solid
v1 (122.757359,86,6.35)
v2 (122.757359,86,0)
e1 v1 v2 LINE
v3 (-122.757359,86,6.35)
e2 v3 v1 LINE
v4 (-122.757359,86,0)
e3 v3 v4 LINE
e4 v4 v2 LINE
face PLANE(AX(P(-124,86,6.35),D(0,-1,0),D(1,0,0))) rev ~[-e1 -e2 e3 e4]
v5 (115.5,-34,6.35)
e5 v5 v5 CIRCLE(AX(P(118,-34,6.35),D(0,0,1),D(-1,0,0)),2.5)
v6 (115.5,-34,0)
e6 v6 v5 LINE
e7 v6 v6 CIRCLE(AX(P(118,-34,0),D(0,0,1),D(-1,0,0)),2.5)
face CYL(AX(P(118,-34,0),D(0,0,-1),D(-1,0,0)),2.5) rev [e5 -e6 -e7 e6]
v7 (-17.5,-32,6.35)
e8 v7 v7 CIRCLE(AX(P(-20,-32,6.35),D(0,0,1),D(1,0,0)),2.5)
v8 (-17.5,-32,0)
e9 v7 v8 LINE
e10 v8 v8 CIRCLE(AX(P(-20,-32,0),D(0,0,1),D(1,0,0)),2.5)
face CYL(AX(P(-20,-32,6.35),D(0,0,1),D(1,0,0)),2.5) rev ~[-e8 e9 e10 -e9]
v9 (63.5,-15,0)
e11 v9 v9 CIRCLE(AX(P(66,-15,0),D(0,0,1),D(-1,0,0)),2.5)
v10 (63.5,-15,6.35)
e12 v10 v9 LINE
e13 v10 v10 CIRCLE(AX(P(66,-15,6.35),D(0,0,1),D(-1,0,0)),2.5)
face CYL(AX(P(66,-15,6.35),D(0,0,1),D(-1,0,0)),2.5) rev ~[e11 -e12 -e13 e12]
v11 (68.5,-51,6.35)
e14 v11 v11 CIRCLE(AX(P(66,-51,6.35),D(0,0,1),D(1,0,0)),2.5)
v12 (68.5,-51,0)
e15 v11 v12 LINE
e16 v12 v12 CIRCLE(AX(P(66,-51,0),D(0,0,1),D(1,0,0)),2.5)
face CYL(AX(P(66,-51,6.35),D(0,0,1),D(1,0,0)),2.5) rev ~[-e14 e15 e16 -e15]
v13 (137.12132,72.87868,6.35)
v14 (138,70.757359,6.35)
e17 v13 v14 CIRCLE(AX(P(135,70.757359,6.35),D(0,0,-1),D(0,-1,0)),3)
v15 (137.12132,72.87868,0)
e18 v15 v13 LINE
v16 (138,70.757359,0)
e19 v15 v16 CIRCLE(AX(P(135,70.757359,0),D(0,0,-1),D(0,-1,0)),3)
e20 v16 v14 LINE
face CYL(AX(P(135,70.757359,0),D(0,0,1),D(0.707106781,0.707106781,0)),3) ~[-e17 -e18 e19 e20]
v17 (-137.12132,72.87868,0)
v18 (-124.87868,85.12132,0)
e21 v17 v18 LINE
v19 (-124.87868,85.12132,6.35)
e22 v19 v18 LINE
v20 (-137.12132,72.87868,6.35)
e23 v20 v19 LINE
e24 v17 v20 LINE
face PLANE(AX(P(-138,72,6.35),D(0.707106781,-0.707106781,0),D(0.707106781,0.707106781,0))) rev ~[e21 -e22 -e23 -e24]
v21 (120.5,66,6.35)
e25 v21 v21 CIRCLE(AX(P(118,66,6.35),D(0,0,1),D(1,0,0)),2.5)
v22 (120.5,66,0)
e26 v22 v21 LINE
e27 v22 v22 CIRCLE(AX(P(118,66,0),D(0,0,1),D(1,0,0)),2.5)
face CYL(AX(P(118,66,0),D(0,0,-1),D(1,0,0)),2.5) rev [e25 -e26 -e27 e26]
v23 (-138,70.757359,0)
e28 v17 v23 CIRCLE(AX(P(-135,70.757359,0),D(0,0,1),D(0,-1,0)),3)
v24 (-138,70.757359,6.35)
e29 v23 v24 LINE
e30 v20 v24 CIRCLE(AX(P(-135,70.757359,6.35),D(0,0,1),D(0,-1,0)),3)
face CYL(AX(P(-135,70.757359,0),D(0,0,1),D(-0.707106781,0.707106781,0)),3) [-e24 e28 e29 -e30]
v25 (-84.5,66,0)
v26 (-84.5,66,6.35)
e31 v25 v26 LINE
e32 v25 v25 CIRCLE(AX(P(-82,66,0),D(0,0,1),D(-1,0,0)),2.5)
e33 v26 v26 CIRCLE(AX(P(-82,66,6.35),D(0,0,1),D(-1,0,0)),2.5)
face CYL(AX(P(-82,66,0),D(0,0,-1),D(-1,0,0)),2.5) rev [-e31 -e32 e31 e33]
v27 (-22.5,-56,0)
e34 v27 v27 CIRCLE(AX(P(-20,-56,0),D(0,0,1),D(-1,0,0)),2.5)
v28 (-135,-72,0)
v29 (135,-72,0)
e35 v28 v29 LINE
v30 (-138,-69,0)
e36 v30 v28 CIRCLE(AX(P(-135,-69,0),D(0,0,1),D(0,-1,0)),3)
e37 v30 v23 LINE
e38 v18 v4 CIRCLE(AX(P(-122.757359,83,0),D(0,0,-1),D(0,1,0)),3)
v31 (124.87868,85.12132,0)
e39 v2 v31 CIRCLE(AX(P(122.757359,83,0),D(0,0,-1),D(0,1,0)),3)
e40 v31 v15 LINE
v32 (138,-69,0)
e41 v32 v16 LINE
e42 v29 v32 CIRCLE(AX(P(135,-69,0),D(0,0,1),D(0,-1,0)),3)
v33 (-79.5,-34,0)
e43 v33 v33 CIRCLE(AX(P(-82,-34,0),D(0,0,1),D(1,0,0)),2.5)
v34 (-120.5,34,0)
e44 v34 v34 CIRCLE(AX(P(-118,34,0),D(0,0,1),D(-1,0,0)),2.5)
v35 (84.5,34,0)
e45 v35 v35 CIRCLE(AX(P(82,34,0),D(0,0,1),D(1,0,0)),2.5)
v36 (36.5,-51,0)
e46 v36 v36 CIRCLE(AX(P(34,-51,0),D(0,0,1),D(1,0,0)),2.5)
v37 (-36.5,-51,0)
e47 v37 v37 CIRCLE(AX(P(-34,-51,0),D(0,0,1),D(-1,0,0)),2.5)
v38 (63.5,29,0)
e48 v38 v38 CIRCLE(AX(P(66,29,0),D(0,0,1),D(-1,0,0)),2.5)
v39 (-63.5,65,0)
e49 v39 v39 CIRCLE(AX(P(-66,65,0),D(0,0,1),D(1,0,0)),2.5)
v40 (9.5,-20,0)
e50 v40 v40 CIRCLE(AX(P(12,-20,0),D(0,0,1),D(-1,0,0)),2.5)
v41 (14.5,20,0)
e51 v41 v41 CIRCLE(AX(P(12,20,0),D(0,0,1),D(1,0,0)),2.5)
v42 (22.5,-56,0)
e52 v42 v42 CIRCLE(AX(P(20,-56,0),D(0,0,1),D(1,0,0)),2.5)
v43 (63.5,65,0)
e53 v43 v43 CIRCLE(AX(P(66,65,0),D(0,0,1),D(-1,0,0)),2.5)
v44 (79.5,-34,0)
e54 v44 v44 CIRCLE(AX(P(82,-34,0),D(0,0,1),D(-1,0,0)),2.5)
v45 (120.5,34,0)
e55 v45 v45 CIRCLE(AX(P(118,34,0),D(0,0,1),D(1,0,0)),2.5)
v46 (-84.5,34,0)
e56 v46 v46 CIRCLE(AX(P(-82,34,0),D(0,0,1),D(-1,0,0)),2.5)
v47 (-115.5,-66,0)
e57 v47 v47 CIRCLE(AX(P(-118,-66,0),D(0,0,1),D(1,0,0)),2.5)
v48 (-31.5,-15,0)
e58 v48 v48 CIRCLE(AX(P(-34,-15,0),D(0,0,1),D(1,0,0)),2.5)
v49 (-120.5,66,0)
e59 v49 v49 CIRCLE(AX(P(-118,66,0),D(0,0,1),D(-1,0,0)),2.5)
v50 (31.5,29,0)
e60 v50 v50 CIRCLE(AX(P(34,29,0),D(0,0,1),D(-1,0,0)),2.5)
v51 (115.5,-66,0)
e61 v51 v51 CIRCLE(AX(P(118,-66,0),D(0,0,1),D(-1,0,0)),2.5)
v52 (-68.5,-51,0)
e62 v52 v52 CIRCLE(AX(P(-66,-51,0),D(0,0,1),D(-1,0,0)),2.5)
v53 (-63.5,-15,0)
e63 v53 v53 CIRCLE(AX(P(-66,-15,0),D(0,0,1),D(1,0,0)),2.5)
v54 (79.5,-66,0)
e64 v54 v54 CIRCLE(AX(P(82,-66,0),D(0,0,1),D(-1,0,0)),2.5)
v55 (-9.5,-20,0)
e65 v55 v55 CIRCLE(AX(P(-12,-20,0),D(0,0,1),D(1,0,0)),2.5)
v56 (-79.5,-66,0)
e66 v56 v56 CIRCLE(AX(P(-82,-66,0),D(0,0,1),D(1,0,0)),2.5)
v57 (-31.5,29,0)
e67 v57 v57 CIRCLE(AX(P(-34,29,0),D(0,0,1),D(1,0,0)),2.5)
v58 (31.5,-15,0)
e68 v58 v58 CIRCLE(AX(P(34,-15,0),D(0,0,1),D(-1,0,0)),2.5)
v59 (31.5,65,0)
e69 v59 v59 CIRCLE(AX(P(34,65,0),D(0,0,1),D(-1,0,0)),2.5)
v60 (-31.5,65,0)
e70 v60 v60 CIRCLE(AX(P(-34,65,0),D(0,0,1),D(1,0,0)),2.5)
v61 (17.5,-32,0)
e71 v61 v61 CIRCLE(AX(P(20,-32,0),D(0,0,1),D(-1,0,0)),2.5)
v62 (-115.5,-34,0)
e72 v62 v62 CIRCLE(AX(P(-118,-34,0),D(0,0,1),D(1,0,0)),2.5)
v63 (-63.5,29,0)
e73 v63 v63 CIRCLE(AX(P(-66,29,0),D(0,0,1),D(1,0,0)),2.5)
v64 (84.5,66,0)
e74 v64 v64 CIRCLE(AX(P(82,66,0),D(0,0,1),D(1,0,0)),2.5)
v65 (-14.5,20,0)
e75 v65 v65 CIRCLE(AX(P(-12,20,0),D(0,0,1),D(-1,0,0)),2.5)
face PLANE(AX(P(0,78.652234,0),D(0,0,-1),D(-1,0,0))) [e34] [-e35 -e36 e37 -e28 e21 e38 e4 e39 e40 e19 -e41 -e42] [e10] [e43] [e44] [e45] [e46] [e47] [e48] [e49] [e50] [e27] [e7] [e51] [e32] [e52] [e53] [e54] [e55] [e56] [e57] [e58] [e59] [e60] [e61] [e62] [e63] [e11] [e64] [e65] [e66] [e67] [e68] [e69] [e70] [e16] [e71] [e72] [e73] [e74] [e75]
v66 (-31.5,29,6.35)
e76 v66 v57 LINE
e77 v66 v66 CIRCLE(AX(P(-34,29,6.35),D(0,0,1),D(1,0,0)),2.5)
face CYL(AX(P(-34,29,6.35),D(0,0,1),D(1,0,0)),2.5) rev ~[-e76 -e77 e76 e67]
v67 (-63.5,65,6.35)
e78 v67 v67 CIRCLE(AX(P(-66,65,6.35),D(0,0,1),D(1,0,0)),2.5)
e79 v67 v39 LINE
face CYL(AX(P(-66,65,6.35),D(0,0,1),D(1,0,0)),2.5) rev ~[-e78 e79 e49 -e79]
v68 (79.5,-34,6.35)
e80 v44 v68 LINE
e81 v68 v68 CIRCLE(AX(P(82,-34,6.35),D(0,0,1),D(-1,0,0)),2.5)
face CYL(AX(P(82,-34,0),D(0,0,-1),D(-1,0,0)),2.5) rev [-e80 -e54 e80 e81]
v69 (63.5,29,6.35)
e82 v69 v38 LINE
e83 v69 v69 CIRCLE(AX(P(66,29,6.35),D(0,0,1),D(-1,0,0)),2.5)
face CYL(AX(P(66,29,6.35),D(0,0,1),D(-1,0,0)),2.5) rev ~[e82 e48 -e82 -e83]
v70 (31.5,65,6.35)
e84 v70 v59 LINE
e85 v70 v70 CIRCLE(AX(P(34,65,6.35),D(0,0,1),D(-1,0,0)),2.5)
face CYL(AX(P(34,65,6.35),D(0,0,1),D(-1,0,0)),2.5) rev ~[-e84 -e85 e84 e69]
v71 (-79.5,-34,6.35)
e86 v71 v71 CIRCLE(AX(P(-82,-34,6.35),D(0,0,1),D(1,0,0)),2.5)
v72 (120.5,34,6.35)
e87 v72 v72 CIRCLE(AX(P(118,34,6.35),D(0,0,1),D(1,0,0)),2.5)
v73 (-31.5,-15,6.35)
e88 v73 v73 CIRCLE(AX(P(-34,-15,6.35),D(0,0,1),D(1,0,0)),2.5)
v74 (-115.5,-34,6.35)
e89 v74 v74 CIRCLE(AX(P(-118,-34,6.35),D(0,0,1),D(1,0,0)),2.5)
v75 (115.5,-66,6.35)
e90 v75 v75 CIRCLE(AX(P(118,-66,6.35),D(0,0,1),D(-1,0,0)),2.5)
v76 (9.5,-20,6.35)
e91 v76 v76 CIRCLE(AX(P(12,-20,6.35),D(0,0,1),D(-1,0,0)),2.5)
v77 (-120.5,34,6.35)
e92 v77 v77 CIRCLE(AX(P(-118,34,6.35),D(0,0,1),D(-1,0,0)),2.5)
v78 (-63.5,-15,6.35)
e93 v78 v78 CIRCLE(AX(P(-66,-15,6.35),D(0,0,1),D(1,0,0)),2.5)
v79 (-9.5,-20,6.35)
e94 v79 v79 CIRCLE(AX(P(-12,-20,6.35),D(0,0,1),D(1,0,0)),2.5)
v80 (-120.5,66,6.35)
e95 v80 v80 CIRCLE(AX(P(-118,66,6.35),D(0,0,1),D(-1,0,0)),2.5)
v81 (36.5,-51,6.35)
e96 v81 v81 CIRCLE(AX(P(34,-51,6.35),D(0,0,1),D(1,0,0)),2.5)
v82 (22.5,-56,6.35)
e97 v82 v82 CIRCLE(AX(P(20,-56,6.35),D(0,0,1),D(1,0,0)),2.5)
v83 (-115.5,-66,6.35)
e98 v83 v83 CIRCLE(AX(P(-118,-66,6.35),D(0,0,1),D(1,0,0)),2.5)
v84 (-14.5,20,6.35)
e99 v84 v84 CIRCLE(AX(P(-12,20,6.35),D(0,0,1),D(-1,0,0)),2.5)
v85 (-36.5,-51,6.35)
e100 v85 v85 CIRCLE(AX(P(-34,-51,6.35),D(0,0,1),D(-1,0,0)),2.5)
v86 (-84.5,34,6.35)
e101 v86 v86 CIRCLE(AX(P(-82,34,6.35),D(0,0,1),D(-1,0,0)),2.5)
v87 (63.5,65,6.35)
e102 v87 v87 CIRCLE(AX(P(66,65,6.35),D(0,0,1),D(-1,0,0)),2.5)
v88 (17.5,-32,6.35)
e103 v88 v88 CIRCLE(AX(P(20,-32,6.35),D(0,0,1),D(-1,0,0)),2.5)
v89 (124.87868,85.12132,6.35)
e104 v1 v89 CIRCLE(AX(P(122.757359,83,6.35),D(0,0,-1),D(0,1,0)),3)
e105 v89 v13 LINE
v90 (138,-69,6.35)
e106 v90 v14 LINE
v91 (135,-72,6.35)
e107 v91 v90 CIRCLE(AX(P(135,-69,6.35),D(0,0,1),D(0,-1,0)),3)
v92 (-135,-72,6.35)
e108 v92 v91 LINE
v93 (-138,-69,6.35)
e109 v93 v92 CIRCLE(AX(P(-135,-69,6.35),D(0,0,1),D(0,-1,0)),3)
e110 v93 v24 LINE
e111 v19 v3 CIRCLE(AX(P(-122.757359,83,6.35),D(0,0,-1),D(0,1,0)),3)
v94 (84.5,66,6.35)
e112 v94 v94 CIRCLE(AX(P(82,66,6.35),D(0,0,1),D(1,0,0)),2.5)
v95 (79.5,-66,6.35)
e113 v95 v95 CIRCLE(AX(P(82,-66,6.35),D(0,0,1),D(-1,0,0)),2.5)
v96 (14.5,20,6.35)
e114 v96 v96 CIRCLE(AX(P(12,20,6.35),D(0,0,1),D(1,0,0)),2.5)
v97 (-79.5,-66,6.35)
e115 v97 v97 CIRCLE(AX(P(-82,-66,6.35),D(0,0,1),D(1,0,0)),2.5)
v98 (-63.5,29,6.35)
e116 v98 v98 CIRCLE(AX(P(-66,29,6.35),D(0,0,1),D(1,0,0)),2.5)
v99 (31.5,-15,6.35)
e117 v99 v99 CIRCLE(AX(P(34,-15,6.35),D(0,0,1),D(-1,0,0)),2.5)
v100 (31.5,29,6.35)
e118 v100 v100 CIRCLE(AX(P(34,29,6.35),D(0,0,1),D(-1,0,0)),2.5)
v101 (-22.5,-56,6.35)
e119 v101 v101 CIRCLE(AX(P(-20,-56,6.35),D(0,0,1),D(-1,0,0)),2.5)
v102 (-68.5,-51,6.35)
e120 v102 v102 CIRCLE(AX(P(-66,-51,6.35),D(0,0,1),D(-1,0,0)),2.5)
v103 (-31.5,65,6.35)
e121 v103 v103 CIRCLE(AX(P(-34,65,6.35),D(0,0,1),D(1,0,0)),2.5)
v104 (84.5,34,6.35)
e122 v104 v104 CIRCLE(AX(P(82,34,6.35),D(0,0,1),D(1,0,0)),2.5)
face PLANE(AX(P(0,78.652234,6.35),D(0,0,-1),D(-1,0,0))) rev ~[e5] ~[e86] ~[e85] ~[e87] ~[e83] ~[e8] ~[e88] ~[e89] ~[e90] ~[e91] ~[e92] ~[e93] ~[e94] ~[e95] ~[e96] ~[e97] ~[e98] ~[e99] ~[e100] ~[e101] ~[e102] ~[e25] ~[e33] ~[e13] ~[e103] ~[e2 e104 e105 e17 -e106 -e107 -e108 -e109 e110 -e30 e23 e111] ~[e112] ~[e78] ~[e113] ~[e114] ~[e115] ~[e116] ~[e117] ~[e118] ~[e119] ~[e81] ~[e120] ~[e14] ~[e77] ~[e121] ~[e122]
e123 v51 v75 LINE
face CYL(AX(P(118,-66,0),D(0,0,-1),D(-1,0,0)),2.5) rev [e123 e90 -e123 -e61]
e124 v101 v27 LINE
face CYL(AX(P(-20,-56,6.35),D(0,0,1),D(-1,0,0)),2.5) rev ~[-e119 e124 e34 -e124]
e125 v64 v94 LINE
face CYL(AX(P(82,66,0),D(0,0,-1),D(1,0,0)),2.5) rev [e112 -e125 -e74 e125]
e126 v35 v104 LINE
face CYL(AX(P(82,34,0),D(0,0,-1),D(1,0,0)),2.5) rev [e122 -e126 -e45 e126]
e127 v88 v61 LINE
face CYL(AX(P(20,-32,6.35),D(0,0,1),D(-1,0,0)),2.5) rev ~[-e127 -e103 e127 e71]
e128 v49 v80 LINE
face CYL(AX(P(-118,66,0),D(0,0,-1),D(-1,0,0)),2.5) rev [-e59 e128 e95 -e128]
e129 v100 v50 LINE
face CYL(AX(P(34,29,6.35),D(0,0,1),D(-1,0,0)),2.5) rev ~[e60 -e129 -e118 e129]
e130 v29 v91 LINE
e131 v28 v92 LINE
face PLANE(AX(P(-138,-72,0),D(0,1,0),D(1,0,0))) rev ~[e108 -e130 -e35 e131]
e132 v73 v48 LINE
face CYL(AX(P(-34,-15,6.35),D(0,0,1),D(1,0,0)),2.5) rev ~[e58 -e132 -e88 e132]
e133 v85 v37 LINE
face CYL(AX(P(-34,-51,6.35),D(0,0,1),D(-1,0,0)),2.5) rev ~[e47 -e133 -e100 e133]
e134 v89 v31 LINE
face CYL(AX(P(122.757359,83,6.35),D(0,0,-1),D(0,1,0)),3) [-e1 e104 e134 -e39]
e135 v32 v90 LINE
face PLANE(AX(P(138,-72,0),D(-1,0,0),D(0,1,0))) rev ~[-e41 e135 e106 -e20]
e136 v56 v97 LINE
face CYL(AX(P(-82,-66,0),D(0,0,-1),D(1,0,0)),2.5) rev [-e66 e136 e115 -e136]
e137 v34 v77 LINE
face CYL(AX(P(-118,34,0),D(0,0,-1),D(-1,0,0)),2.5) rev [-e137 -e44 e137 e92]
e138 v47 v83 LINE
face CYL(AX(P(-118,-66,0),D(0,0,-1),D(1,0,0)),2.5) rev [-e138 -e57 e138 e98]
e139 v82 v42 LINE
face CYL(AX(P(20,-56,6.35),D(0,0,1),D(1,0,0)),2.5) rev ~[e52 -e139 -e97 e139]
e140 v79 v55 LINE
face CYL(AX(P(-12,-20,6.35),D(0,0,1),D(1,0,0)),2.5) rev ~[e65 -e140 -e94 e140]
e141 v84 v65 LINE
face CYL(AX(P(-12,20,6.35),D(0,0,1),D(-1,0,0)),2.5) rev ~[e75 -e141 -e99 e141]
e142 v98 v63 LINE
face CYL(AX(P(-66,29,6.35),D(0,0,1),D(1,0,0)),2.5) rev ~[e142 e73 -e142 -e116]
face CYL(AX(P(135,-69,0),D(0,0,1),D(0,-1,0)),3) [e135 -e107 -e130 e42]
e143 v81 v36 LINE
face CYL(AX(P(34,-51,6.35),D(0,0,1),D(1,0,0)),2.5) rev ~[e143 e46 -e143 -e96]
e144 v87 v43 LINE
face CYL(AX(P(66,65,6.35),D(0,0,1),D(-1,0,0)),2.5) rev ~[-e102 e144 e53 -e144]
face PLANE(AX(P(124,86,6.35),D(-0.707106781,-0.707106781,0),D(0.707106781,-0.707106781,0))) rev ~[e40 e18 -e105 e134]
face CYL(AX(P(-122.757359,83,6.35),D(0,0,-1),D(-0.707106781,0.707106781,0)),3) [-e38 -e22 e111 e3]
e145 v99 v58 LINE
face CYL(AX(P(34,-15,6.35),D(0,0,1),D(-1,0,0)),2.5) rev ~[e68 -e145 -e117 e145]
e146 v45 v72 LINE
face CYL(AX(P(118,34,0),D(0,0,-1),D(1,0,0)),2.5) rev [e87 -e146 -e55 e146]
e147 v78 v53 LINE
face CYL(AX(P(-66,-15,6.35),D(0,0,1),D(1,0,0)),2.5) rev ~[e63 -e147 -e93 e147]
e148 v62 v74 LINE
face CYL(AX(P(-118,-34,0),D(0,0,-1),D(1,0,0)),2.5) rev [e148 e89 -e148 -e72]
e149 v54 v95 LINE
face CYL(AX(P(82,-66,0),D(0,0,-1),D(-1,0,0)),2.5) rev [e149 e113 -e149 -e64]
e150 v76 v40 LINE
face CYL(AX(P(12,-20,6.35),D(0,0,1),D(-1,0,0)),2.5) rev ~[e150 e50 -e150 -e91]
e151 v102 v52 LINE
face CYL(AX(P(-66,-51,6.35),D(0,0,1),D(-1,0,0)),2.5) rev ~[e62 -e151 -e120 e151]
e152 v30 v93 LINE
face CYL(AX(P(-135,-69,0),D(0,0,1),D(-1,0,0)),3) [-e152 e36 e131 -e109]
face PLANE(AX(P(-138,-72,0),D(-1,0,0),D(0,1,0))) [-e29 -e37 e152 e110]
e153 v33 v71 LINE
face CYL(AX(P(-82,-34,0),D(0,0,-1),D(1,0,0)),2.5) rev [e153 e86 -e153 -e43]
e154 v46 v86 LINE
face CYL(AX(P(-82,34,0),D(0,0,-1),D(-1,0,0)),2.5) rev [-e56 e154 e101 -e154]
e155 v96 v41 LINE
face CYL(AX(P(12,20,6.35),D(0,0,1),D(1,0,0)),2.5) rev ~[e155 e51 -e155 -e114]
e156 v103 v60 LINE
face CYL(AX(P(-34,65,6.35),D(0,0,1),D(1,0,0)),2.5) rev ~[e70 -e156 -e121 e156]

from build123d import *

# Parameters (mm, degrees)
SKETCH1_W           = 276
SKETCH1_H           = 144
SKETCH1_R           = 2.5
BOSS_EXTRUDE1_DEPTH = 6.35
SKETCH2_R           = 2.5
CUT_EXTRUDE1_DEPTH  = 156.782933918
BOSS_EXTRUDE2_DEPTH = 6.35
SKETCH4_R           = 2.5
CUT_EXTRUDE2_DEPTH  = 163.727755776
FILLET1_R           = 3
SKETCH5_R           = 2.5
CUT_EXTRUDE3_DEPTH  = 163.727755776
SKETCH6_R           = 2.5
CUT_EXTRUDE4_DEPTH  = 163.727755776


with BuildPart() as part:
    # Sketch1 → Boss-Extrude1 (new body)
    with BuildSketch(Plane.XY):
        Rectangle(SKETCH1_W, SKETCH1_H)
        with Locations((-118, -66)):
            Circle(SKETCH1_R, mode=Mode.SUBTRACT)
        with Locations((-82, -66)):
            Circle(SKETCH1_R, mode=Mode.SUBTRACT)
        with Locations((-82, -34)):
            Circle(SKETCH1_R, mode=Mode.SUBTRACT)
        with Locations((-118, -34)):
            Circle(SKETCH1_R, mode=Mode.SUBTRACT)
        with Locations(Location((-118, 66, 0), (0, 0, 180))):
            Circle(SKETCH1_R, mode=Mode.SUBTRACT)
        with Locations(Location((-82, 66, 0), (0, 0, 180))):
            Circle(SKETCH1_R, mode=Mode.SUBTRACT)
        with Locations(Location((-82, 34, 0), (0, 0, 180))):
            Circle(SKETCH1_R, mode=Mode.SUBTRACT)
        with Locations(Location((-118, 34, 0), (0, 0, 180))):
            Circle(SKETCH1_R, mode=Mode.SUBTRACT)
        with Locations(Location((118, -66, 0), (0, 0, 180))):
            Circle(SKETCH1_R, mode=Mode.SUBTRACT)
        with Locations(Location((82, -66, 0), (0, 0, 180))):
            Circle(SKETCH1_R, mode=Mode.SUBTRACT)
        with Locations(Location((82, -34, 0), (0, 0, 180))):
            Circle(SKETCH1_R, mode=Mode.SUBTRACT)
        with Locations(Location((118, -34, 0), (0, 0, 180))):
            Circle(SKETCH1_R, mode=Mode.SUBTRACT)
        with Locations((118, 34)):
            Circle(SKETCH1_R, mode=Mode.SUBTRACT)
        with Locations((82, 34)):
            Circle(SKETCH1_R, mode=Mode.SUBTRACT)
        with Locations((82, 66)):
            Circle(SKETCH1_R, mode=Mode.SUBTRACT)
        with Locations((118, 66)):
            Circle(SKETCH1_R, mode=Mode.SUBTRACT)
    extrude(amount=BOSS_EXTRUDE1_DEPTH)

    # Sketch2 → Cut-Extrude1 (cut, through all)
    with BuildSketch(Plane.XY.offset(6.35)):
        with Locations((-66, -15)):
            Circle(SKETCH2_R)
        with Locations((-34, -15)):
            Circle(SKETCH2_R)
        with Locations(Location((-34, -51, 0), (0, 0, 180))):
            Circle(SKETCH2_R)
        with Locations(Location((-66, -51, 0), (0, 0, 180))):
            Circle(SKETCH2_R)
        with Locations((66, -51)):
            Circle(SKETCH2_R)
        with Locations((34, -51)):
            Circle(SKETCH2_R)
        with Locations(Location((34, -15, 0), (0, 0, 180))):
            Circle(SKETCH2_R)
        with Locations(Location((66, -15, 0), (0, 0, 180))):
            Circle(SKETCH2_R)
    extrude(amount=-CUT_EXTRUDE1_DEPTH, mode=Mode.SUBTRACT)

    # Sketch3 → Boss-Extrude2 (add, through all)
    with BuildSketch(Plane.XY.offset(6.35)):
        Polygon((-138, 72), (-124, 86), (124, 86), (138, 72), align=None)
    extrude(amount=-BOSS_EXTRUDE2_DEPTH)

    # Sketch4 → Cut-Extrude2 (cut, through all)
    with BuildSketch(Plane.XY.offset(6.35)):
        with Locations((-66, -15)):
            Circle(SKETCH4_R)
        with Locations((-34, -15)):
            Circle(SKETCH4_R)
        with Locations(Location((-34, -51, 0), (0, 0, 180))):
            Circle(SKETCH4_R)
        with Locations(Location((-66, -51, 0), (0, 0, 180))):
            Circle(SKETCH4_R)
        with Locations((-66, 29)):
            Circle(SKETCH4_R)
        with Locations((-66, 65)):
            Circle(SKETCH4_R)
        with Locations((-34, 65)):
            Circle(SKETCH4_R)
        with Locations((-34, 29)):
            Circle(SKETCH4_R)
        with Locations(Location((34, 29, 0), (0, 0, 180))):
            Circle(SKETCH4_R)
        with Locations(Location((34, 65, 0), (0, 0, 180))):
            Circle(SKETCH4_R)
        with Locations(Location((66, 65, 0), (0, 0, 180))):
            Circle(SKETCH4_R)
        with Locations(Location((66, 29, 0), (0, 0, 180))):
            Circle(SKETCH4_R)
        with Locations((34, -51)):
            Circle(SKETCH4_R)
        with Locations(Location((34, -15, 0), (0, 0, 180))):
            Circle(SKETCH4_R)
        with Locations(Location((66, -15, 0), (0, 0, 180))):
            Circle(SKETCH4_R)
        with Locations((66, -51)):
            Circle(SKETCH4_R)
    extrude(amount=-CUT_EXTRUDE2_DEPTH, mode=Mode.SUBTRACT)

    # Fillet1
    fillet1_edges = [part.edges().sort_by_distance(p)[0] for p in [
        (-124, 86, 3.175),
        (124, 86, 3.175),
        (138, -72, 3.175),
        (-138, -72, 3.175),
        (-138, 72, 3.175),
        (138, 72, 3.175),
    ]]
    fillet(fillet1_edges, radius=FILLET1_R)

    # Sketch5 → Cut-Extrude3 (cut, through all)
    with BuildSketch(Plane.XY.offset(6.35)):
        with Locations((-20, -32)):
            Circle(SKETCH5_R)
        with Locations(Location((20, -32, 0), (0, 0, 180))):
            Circle(SKETCH5_R)
        with Locations((20, -56)):
            Circle(SKETCH5_R)
        with Locations(Location((-20, -56, 0), (0, 0, 180))):
            Circle(SKETCH5_R)
    extrude(amount=-CUT_EXTRUDE3_DEPTH, mode=Mode.SUBTRACT)

    # Sketch6 → Cut-Extrude4 (cut, through all)
    with BuildSketch(Plane.XY.offset(6.35)):
        with Locations((12, 20)):
            Circle(SKETCH6_R)
        with Locations(Location((12, -20, 0), (0, 0, 180))):
            Circle(SKETCH6_R)
        with Locations((-12, -20)):
            Circle(SKETCH6_R)
        with Locations(Location((-12, 20, 0), (0, 0, 180))):
            Circle(SKETCH6_R)
    extrude(amount=-CUT_EXTRUDE4_DEPTH, mode=Mode.SUBTRACT)


solid = part.part
